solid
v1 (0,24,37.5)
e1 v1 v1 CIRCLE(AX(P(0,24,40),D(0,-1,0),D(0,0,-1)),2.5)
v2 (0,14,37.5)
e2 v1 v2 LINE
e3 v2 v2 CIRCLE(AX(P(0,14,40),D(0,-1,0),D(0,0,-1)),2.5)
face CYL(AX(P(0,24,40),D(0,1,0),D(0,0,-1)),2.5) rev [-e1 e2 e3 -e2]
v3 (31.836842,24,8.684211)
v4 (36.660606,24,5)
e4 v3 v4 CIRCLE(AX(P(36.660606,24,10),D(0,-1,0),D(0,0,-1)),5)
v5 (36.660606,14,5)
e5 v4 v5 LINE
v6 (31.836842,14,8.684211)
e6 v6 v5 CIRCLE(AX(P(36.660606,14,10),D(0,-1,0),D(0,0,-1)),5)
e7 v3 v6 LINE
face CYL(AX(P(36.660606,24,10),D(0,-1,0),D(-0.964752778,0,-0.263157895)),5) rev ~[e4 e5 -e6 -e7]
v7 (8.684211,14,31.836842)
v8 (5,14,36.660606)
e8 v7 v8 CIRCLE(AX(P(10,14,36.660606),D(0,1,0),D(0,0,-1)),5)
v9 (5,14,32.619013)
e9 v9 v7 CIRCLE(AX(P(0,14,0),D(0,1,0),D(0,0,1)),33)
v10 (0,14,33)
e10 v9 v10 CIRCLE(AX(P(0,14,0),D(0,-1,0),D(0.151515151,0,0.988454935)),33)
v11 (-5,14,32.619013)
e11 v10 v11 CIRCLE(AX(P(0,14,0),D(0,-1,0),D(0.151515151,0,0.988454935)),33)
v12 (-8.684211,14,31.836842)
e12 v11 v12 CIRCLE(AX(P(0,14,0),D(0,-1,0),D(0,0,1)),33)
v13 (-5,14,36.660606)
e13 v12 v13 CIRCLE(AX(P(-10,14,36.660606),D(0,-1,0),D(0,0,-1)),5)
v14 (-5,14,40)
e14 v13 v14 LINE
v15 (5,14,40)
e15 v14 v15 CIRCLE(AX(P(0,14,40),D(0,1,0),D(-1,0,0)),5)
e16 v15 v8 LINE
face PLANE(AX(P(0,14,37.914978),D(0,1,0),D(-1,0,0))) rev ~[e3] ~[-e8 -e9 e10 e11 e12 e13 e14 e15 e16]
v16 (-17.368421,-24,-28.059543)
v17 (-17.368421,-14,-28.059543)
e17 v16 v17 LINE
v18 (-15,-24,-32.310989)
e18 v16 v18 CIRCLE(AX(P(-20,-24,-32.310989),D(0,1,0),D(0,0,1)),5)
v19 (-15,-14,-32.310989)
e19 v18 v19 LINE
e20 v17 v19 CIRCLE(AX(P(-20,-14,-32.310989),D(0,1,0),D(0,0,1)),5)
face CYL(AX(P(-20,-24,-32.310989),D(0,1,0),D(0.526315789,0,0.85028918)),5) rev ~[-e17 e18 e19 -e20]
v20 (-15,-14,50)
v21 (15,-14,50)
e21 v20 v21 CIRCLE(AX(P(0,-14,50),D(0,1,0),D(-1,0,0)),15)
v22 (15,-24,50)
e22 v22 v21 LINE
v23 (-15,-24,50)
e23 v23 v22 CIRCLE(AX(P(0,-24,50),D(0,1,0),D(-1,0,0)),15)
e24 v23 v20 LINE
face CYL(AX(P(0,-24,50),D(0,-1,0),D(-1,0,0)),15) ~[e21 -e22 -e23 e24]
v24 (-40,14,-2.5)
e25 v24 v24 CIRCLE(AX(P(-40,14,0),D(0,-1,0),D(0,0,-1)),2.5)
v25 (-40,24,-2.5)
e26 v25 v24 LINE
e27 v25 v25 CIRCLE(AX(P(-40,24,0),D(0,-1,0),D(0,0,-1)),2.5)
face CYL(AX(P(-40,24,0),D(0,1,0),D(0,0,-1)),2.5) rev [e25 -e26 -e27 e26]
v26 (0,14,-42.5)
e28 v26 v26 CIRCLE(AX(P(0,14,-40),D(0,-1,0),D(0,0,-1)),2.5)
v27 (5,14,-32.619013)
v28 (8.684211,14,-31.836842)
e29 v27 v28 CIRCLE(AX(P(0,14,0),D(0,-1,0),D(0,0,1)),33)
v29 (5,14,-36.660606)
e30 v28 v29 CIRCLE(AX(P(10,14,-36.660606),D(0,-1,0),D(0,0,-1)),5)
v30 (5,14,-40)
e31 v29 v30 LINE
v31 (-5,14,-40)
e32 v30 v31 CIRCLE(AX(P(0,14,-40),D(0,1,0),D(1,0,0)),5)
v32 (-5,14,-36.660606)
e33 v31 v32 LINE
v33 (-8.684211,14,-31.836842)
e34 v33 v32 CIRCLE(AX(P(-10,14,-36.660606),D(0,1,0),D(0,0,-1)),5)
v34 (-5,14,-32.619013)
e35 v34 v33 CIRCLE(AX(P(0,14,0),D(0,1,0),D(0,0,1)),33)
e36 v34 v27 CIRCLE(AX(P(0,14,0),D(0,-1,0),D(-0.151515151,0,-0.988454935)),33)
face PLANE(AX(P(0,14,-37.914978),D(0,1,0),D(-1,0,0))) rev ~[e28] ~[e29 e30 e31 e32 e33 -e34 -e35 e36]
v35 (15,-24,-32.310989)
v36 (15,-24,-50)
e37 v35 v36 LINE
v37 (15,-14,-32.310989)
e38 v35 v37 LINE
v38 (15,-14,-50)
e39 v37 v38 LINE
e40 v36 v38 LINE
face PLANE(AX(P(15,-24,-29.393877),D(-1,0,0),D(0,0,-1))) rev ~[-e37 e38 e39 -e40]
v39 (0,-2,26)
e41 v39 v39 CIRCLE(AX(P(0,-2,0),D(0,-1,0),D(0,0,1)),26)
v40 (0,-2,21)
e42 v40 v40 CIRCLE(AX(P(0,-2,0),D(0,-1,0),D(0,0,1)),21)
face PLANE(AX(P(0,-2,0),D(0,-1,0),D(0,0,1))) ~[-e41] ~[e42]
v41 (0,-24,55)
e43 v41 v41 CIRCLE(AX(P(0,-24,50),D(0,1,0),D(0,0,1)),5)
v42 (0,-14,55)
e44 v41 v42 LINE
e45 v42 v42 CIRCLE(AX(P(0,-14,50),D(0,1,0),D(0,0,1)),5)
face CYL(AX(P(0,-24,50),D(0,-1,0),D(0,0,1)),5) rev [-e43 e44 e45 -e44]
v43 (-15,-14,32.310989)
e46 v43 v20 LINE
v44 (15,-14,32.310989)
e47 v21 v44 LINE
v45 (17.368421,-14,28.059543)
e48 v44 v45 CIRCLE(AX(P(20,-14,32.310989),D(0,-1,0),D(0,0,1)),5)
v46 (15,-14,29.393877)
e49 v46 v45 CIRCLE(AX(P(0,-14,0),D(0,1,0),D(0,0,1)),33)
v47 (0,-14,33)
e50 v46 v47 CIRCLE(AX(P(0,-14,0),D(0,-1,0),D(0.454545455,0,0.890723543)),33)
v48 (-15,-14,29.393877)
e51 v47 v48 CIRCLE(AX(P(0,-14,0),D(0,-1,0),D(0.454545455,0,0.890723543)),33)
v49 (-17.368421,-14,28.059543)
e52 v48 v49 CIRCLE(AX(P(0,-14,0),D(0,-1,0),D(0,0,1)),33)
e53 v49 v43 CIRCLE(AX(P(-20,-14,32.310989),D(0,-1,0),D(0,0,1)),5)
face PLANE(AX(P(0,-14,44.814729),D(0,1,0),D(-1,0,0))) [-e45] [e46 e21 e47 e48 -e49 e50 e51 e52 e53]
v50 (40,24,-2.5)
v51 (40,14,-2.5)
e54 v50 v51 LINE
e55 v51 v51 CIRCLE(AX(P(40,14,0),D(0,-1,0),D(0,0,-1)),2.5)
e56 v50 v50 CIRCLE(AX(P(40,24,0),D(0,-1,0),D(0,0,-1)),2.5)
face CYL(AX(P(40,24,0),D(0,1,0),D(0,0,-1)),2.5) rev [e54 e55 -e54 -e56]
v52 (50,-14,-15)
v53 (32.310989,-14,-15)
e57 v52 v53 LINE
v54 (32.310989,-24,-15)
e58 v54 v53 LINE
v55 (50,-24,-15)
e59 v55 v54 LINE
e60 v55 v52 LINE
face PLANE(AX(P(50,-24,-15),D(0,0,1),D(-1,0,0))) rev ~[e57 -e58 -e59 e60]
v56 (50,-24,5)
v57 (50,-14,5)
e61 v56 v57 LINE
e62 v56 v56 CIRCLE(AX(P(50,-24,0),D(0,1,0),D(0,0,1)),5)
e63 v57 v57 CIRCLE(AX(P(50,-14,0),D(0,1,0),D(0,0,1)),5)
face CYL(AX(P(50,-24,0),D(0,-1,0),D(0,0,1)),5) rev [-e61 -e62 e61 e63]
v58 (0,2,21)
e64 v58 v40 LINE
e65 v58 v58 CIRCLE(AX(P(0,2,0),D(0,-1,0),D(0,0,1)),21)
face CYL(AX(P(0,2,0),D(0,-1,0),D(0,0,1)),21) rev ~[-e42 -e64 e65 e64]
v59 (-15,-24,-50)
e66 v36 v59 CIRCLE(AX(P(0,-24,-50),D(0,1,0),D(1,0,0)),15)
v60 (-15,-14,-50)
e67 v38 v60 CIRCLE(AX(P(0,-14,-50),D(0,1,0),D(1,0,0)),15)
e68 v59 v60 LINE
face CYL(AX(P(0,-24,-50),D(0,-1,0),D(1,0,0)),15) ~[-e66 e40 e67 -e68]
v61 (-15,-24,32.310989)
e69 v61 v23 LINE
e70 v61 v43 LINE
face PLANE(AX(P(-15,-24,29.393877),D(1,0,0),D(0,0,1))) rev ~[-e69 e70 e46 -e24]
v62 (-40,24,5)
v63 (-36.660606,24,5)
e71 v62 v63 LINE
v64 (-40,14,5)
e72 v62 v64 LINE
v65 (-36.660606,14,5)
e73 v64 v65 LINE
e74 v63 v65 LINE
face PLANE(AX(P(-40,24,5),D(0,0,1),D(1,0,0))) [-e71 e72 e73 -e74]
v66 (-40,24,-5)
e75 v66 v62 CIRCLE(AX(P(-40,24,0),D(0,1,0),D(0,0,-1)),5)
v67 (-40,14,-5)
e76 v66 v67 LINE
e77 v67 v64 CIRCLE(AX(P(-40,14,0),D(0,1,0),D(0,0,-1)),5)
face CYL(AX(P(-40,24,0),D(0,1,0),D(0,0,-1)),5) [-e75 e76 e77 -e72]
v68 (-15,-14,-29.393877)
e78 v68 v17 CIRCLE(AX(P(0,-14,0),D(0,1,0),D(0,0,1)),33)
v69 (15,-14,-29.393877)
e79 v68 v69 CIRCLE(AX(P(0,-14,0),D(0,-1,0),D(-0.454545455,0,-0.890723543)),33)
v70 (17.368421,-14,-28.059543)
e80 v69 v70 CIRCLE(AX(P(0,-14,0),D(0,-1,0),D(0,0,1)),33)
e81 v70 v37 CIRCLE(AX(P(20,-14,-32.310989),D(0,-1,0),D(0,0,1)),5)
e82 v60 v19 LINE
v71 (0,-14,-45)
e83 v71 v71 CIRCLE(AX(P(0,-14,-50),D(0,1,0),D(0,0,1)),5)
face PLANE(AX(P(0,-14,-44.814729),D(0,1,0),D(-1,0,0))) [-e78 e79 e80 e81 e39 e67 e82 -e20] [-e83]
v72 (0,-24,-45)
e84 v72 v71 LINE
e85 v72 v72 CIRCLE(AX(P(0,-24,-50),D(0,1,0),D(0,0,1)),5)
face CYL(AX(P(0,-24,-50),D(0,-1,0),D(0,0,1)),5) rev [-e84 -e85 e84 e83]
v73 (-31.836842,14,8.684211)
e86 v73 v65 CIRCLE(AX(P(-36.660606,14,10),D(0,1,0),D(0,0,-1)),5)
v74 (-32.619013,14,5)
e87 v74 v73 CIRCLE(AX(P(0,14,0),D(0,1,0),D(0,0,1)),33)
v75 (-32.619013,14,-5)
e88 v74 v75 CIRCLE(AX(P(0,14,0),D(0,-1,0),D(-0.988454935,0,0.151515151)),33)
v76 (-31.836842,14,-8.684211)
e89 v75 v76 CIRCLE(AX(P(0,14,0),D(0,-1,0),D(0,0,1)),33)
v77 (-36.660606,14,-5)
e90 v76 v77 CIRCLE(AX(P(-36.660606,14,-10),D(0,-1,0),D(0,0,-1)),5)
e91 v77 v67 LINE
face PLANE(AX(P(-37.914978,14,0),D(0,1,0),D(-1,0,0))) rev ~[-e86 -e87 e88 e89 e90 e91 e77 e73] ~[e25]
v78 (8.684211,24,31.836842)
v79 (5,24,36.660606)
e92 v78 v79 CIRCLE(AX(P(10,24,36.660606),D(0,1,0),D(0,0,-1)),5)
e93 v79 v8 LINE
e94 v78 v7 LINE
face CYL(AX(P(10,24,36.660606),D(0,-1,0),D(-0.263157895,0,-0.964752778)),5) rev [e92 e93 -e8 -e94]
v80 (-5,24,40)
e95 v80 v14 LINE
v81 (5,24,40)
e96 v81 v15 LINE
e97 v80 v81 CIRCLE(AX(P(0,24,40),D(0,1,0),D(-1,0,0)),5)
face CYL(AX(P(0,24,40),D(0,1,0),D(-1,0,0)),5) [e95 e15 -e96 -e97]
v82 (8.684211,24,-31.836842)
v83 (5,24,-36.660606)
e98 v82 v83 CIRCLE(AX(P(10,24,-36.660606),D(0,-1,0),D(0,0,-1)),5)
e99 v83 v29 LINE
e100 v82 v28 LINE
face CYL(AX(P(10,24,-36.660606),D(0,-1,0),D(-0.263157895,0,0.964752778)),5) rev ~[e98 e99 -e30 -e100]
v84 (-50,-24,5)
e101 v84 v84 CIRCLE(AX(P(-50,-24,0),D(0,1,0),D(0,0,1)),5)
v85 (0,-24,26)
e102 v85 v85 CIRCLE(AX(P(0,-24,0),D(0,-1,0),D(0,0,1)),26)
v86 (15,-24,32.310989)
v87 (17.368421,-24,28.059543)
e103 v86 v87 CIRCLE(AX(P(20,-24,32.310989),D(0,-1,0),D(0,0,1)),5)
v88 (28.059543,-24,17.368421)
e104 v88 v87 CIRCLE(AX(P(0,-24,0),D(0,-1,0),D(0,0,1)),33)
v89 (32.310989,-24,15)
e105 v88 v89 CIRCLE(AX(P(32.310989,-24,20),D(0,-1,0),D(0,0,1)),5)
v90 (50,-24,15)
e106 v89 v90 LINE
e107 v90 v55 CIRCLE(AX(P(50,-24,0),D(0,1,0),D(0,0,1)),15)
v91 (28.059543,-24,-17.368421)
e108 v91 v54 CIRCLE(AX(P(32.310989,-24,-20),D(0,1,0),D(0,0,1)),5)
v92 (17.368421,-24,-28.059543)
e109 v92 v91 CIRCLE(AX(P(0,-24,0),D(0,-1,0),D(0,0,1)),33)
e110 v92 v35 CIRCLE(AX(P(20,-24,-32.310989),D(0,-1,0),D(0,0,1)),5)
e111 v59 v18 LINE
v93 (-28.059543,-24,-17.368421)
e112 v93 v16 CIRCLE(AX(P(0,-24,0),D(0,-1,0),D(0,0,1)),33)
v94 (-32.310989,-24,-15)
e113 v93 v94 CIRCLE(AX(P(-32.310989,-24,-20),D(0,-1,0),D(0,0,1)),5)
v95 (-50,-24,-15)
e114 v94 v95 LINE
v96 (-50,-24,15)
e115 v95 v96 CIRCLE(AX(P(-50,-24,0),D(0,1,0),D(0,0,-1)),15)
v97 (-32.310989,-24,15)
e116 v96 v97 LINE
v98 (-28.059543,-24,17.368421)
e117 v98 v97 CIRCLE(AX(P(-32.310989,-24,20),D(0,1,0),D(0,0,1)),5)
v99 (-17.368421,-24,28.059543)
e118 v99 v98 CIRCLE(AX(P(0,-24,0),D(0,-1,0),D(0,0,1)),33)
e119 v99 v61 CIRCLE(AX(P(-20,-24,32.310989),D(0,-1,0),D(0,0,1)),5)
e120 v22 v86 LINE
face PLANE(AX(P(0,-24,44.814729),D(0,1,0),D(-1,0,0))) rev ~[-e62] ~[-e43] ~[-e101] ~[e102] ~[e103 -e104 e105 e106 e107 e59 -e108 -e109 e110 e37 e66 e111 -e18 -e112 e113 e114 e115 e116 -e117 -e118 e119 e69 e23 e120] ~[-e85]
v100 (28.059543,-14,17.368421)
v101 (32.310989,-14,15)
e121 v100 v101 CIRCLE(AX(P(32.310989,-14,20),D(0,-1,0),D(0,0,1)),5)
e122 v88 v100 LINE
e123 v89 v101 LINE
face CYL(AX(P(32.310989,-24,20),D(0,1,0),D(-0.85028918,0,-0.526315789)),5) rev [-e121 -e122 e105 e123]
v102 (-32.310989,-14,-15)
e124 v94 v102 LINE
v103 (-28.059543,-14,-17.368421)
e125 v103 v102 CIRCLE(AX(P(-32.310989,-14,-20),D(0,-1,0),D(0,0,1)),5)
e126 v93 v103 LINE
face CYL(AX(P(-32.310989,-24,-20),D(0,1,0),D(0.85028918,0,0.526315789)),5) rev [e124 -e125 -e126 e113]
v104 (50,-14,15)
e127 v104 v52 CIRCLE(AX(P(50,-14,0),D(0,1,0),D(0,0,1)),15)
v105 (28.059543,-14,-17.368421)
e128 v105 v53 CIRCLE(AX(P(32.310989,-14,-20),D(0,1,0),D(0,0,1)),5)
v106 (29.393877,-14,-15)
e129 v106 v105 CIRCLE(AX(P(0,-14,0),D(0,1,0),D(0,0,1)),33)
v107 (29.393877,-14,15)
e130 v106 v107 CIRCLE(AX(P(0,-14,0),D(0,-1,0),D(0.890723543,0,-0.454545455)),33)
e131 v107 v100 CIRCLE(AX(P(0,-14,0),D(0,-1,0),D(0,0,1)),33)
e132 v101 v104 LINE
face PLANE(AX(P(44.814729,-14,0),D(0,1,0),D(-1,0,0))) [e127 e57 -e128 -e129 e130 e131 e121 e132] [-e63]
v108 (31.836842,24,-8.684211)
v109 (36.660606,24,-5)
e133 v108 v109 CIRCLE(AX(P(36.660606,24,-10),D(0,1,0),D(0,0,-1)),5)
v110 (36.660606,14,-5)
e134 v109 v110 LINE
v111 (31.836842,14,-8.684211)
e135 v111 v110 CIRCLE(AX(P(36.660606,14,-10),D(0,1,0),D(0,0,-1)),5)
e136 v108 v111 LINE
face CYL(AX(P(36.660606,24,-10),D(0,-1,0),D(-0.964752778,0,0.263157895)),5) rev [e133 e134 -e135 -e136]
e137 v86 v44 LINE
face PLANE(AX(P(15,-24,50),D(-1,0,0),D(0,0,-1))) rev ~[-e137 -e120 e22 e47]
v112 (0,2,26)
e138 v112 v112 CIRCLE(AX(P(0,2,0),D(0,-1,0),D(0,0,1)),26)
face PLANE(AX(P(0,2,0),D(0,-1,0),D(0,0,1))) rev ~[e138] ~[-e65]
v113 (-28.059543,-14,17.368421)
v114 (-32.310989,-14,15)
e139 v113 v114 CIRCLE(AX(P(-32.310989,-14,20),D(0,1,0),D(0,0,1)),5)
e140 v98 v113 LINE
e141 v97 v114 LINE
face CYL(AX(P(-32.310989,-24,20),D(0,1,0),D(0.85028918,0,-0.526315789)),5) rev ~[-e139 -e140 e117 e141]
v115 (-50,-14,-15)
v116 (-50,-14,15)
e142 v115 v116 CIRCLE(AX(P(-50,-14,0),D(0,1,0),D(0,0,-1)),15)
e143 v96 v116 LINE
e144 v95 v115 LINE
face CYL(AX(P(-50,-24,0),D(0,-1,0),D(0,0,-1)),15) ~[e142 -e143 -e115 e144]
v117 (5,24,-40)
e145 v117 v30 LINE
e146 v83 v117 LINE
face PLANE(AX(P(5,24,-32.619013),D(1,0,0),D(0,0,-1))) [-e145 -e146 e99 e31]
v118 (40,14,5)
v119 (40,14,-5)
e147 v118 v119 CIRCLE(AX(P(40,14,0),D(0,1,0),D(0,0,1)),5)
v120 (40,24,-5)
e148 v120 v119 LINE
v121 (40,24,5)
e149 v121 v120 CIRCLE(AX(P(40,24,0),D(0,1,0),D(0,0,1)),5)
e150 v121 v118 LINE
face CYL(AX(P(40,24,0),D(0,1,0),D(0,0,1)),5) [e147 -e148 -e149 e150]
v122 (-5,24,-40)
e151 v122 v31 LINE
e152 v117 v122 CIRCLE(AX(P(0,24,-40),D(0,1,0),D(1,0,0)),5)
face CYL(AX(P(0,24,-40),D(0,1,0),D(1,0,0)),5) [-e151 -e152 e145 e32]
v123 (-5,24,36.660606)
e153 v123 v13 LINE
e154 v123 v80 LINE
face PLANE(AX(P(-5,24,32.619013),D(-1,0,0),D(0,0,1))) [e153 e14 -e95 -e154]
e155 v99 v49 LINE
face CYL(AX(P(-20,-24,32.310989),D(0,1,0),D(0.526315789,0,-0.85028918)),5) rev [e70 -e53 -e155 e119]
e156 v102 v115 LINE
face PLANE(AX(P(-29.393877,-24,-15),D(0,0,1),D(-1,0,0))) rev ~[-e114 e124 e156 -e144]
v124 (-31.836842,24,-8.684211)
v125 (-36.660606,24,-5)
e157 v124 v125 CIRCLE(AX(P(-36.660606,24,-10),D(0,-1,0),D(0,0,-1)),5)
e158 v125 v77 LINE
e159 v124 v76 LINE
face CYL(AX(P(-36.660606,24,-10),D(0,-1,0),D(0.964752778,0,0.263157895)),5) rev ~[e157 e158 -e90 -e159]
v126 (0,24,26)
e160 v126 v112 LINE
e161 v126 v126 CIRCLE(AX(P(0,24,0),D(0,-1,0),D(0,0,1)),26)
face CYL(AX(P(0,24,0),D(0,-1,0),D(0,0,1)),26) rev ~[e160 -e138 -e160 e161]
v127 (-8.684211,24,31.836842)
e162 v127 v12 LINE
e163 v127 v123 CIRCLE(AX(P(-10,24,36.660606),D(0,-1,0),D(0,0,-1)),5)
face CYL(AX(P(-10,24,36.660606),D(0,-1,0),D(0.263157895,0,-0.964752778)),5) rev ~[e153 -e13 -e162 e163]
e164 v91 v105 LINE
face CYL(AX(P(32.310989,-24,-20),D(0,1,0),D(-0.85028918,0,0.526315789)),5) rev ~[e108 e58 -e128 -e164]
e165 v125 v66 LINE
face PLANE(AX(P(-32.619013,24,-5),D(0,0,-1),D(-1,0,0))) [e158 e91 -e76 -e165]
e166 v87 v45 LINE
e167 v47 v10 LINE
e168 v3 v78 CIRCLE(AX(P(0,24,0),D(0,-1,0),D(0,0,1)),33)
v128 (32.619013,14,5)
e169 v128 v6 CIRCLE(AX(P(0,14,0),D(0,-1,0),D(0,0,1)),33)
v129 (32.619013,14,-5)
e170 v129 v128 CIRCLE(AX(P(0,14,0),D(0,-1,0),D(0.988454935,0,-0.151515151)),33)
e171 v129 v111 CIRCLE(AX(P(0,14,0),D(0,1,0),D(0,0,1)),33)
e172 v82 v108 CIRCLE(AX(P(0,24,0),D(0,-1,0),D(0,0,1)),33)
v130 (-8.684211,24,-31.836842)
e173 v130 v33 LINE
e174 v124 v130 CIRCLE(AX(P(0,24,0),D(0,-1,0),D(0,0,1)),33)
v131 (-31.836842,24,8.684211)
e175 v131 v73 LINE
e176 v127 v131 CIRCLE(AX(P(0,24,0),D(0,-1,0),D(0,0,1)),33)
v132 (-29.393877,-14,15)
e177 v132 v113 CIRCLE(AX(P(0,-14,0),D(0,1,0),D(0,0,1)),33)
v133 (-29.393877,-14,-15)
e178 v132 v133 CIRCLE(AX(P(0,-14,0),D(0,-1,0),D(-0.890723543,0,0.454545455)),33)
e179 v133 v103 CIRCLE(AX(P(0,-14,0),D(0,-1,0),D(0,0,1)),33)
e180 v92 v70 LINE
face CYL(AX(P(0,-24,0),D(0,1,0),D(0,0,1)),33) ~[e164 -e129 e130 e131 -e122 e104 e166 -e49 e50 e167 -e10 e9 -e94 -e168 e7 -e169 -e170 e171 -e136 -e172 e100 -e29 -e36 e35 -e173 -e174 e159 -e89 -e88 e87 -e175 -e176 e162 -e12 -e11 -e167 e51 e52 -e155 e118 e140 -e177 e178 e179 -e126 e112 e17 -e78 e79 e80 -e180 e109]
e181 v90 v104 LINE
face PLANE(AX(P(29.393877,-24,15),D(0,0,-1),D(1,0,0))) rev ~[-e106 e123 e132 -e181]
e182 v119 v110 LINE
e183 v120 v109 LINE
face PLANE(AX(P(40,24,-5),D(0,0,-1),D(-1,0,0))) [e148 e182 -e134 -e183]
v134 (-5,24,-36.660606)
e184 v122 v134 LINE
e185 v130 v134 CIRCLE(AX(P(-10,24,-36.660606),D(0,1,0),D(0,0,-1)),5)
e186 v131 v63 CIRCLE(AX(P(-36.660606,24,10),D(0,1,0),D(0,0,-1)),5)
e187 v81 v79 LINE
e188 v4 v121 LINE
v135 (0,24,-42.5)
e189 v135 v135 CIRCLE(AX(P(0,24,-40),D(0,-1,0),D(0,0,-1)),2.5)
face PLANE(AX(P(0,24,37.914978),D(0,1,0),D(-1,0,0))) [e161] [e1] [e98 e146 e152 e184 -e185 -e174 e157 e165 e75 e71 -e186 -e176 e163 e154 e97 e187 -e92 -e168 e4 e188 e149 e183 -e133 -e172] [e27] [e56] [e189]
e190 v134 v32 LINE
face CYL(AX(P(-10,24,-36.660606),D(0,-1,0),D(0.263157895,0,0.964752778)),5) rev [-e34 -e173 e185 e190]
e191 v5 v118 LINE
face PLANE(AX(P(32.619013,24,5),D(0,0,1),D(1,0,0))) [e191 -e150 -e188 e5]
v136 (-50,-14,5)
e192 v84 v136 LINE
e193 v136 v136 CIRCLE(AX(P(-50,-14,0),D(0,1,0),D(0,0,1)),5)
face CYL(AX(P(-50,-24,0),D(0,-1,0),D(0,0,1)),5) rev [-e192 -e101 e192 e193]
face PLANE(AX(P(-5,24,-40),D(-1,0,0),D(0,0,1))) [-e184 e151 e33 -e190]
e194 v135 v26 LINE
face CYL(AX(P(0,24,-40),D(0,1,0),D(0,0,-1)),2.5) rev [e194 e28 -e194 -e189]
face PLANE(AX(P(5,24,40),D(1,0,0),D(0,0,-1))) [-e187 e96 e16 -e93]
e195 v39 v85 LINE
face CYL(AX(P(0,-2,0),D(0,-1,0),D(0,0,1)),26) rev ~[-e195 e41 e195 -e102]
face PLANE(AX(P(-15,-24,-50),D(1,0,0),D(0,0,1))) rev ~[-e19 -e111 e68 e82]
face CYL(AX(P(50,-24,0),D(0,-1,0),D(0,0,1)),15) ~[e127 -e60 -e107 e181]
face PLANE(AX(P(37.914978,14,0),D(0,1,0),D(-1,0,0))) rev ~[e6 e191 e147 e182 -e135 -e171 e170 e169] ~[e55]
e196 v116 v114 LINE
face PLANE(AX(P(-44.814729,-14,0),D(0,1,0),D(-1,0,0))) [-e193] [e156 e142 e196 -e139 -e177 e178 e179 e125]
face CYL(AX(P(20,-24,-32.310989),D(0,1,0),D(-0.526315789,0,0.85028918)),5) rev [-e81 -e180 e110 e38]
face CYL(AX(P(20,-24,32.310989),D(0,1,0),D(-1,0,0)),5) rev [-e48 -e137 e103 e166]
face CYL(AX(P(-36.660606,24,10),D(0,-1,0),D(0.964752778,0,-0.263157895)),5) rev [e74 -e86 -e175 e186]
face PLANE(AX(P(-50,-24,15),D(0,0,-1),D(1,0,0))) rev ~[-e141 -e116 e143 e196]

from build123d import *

# Parameters (mm, degrees)
SKETCH2_R           = 2.5
BOSS_EXTRUDE1_DEPTH = 10
SKETCH3_R           = 5
BOSS_EXTRUDE2_DEPTH = 10
FILLET1_R           = 5


with BuildPart() as part:
    # Sketch1 → Revolve1 (revolve)
    with BuildSketch(Plane.XY, mode=Mode.PRIVATE) as revolve1_sk:
        Polygon((26, 24), (26, 2), (21, 2), (21, -2), (26, -2), (26, -24), (33, -24), (33, 24), align=None)
    revolve(revolve1_sk.sketch.rotate(Axis((0, 27.182366668, 0), (0, -1, 0)), 90), axis=Axis((0, 27.182366668, 0), (0, -1, 0)))  # turned: the seam where the file's is

    # Sketch2 → Boss-Extrude1 (add)
    with BuildSketch(Plane.XZ.offset(-24)):
        with BuildLine():
            Line((5, 40), (5, 32.619012861))
            ThreePointArc((5, 32.619012861), (0, 33), (-5, 32.619012861))
            Line((-5, 32.619012861), (-5, 40))
            ThreePointArc((-5, 40), (0, 45), (5, 40))
        make_face()
        with Locations(Location((0, 40, 0), (0, 0, 270))):  # turned: the seam where the file's is
            Circle(SKETCH2_R, mode=Mode.SUBTRACT)
        with BuildLine():
            Line((40, -5), (32.619012861, -5))
            ThreePointArc((32.619012861, -5), (33, 0), (32.619012861, 5))
            Line((32.619012861, 5), (40, 5))
            ThreePointArc((40, 5), (45, 0), (40, -5))
        make_face()
        with Locations(Location((40, 0, 0), (0, 0, 270))):  # turned: the seam where the file's is
            Circle(SKETCH2_R, mode=Mode.SUBTRACT)
        with BuildLine():
            Line((-5, -40), (-5, -32.619012861))
            ThreePointArc((-5, -32.619012861), (0, -33), (5, -32.619012861))
            Line((5, -32.619012861), (5, -40))
            ThreePointArc((5, -40), (0, -45), (-5, -40))
        make_face()
        with Locations(Location((0, -40, 0), (0, 0, 270))):  # turned: the seam where the file's is
            Circle(SKETCH2_R, mode=Mode.SUBTRACT)
        with BuildLine():
            Line((-40, 5), (-32.619012861, 5))
            ThreePointArc((-32.619012861, 5), (-33, 0), (-32.619012861, -5))
            Line((-32.619012861, -5), (-40, -5))
            ThreePointArc((-40, -5), (-45, 0), (-40, 5))
        make_face()
        with Locations(Location((-40, 0, 0), (0, 0, 270))):  # turned: the seam where the file's is
            Circle(SKETCH2_R, mode=Mode.SUBTRACT)
    extrude(amount=BOSS_EXTRUDE1_DEPTH)

    # Sketch3 → Boss-Extrude2 (add)
    with BuildSketch(Plane(origin=(0, -24, 0), x_dir=(-1, 0, 0), z_dir=(0, 1, 0))):
        with BuildLine():
            Line((-15, 50), (-15, 29.393876913))
            ThreePointArc((-15, 29.393876913), (0, 33), (15, 29.393876913))
            Line((15, 29.393876913), (15, 50))
            ThreePointArc((15, 50), (0, 65), (-15, 50))
        make_face()
        with Locations(Location((0, 50, 0), (0, 0, 90))):  # turned: the seam where the file's is
            Circle(SKETCH3_R, mode=Mode.SUBTRACT)
        with BuildLine():
            Line((50, 15), (29.393876913, 15))
            ThreePointArc((29.393876913, 15), (33, 0), (29.393876913, -15))
            Line((29.393876913, -15), (50, -15))
            ThreePointArc((50, -15), (65, 0), (50, 15))
        make_face()
        with Locations(Location((50, 0, 0), (0, 0, 90))):  # turned: the seam where the file's is
            Circle(SKETCH3_R, mode=Mode.SUBTRACT)
        with BuildLine():
            Line((15, -50), (15, -29.393876913))
            ThreePointArc((15, -29.393876913), (0, -33), (-15, -29.393876913))
            Line((-15, -29.393876913), (-15, -50))
            ThreePointArc((-15, -50), (0, -65), (15, -50))
        make_face()
        with Locations(Location((0, -50, 0), (0, 0, 90))):  # turned: the seam where the file's is
            Circle(SKETCH3_R, mode=Mode.SUBTRACT)
        with BuildLine():
            Line((-50, -15), (-29.393876913, -15))
            ThreePointArc((-29.393876913, -15), (-33, 0), (-29.393876913, 15))
            Line((-29.393876913, 15), (-50, 15))
            ThreePointArc((-50, 15), (-65, 0), (-50, -15))
        make_face()
        with Locations(Location((-50, 0, 0), (0, 0, 90))):  # turned: the seam where the file's is
            Circle(SKETCH3_R, mode=Mode.SUBTRACT)
    extrude(amount=BOSS_EXTRUDE2_DEPTH)

    # Fillet1
    fillet1_edges = [part.edges().sort_by_distance(p)[0] for p in [
        (-15, -19, -29.393876913),
        (15, -19, -29.393876913),
        (29.393876913, -19, -15),
        (29.393876913, -19, 15),
        (-5, 19, 32.619012861),
        (5, 19, 32.619012861),
        (32.619012861, 19, 5),
        (32.619012861, 19, -5),
        (5, 19, -32.619012861),
        (-5, 19, -32.619012861),
        (-32.619012861, 19, -5),
        (-32.619012861, 19, 5),
        (15, -19, 29.393876913),
        (-15, -19, 29.393876913),
        (-29.393876913, -19, 15),
        (-29.393876913, -19, -15),
    ]]
    fillet(fillet1_edges, radius=FILLET1_R)


solid = part.part
